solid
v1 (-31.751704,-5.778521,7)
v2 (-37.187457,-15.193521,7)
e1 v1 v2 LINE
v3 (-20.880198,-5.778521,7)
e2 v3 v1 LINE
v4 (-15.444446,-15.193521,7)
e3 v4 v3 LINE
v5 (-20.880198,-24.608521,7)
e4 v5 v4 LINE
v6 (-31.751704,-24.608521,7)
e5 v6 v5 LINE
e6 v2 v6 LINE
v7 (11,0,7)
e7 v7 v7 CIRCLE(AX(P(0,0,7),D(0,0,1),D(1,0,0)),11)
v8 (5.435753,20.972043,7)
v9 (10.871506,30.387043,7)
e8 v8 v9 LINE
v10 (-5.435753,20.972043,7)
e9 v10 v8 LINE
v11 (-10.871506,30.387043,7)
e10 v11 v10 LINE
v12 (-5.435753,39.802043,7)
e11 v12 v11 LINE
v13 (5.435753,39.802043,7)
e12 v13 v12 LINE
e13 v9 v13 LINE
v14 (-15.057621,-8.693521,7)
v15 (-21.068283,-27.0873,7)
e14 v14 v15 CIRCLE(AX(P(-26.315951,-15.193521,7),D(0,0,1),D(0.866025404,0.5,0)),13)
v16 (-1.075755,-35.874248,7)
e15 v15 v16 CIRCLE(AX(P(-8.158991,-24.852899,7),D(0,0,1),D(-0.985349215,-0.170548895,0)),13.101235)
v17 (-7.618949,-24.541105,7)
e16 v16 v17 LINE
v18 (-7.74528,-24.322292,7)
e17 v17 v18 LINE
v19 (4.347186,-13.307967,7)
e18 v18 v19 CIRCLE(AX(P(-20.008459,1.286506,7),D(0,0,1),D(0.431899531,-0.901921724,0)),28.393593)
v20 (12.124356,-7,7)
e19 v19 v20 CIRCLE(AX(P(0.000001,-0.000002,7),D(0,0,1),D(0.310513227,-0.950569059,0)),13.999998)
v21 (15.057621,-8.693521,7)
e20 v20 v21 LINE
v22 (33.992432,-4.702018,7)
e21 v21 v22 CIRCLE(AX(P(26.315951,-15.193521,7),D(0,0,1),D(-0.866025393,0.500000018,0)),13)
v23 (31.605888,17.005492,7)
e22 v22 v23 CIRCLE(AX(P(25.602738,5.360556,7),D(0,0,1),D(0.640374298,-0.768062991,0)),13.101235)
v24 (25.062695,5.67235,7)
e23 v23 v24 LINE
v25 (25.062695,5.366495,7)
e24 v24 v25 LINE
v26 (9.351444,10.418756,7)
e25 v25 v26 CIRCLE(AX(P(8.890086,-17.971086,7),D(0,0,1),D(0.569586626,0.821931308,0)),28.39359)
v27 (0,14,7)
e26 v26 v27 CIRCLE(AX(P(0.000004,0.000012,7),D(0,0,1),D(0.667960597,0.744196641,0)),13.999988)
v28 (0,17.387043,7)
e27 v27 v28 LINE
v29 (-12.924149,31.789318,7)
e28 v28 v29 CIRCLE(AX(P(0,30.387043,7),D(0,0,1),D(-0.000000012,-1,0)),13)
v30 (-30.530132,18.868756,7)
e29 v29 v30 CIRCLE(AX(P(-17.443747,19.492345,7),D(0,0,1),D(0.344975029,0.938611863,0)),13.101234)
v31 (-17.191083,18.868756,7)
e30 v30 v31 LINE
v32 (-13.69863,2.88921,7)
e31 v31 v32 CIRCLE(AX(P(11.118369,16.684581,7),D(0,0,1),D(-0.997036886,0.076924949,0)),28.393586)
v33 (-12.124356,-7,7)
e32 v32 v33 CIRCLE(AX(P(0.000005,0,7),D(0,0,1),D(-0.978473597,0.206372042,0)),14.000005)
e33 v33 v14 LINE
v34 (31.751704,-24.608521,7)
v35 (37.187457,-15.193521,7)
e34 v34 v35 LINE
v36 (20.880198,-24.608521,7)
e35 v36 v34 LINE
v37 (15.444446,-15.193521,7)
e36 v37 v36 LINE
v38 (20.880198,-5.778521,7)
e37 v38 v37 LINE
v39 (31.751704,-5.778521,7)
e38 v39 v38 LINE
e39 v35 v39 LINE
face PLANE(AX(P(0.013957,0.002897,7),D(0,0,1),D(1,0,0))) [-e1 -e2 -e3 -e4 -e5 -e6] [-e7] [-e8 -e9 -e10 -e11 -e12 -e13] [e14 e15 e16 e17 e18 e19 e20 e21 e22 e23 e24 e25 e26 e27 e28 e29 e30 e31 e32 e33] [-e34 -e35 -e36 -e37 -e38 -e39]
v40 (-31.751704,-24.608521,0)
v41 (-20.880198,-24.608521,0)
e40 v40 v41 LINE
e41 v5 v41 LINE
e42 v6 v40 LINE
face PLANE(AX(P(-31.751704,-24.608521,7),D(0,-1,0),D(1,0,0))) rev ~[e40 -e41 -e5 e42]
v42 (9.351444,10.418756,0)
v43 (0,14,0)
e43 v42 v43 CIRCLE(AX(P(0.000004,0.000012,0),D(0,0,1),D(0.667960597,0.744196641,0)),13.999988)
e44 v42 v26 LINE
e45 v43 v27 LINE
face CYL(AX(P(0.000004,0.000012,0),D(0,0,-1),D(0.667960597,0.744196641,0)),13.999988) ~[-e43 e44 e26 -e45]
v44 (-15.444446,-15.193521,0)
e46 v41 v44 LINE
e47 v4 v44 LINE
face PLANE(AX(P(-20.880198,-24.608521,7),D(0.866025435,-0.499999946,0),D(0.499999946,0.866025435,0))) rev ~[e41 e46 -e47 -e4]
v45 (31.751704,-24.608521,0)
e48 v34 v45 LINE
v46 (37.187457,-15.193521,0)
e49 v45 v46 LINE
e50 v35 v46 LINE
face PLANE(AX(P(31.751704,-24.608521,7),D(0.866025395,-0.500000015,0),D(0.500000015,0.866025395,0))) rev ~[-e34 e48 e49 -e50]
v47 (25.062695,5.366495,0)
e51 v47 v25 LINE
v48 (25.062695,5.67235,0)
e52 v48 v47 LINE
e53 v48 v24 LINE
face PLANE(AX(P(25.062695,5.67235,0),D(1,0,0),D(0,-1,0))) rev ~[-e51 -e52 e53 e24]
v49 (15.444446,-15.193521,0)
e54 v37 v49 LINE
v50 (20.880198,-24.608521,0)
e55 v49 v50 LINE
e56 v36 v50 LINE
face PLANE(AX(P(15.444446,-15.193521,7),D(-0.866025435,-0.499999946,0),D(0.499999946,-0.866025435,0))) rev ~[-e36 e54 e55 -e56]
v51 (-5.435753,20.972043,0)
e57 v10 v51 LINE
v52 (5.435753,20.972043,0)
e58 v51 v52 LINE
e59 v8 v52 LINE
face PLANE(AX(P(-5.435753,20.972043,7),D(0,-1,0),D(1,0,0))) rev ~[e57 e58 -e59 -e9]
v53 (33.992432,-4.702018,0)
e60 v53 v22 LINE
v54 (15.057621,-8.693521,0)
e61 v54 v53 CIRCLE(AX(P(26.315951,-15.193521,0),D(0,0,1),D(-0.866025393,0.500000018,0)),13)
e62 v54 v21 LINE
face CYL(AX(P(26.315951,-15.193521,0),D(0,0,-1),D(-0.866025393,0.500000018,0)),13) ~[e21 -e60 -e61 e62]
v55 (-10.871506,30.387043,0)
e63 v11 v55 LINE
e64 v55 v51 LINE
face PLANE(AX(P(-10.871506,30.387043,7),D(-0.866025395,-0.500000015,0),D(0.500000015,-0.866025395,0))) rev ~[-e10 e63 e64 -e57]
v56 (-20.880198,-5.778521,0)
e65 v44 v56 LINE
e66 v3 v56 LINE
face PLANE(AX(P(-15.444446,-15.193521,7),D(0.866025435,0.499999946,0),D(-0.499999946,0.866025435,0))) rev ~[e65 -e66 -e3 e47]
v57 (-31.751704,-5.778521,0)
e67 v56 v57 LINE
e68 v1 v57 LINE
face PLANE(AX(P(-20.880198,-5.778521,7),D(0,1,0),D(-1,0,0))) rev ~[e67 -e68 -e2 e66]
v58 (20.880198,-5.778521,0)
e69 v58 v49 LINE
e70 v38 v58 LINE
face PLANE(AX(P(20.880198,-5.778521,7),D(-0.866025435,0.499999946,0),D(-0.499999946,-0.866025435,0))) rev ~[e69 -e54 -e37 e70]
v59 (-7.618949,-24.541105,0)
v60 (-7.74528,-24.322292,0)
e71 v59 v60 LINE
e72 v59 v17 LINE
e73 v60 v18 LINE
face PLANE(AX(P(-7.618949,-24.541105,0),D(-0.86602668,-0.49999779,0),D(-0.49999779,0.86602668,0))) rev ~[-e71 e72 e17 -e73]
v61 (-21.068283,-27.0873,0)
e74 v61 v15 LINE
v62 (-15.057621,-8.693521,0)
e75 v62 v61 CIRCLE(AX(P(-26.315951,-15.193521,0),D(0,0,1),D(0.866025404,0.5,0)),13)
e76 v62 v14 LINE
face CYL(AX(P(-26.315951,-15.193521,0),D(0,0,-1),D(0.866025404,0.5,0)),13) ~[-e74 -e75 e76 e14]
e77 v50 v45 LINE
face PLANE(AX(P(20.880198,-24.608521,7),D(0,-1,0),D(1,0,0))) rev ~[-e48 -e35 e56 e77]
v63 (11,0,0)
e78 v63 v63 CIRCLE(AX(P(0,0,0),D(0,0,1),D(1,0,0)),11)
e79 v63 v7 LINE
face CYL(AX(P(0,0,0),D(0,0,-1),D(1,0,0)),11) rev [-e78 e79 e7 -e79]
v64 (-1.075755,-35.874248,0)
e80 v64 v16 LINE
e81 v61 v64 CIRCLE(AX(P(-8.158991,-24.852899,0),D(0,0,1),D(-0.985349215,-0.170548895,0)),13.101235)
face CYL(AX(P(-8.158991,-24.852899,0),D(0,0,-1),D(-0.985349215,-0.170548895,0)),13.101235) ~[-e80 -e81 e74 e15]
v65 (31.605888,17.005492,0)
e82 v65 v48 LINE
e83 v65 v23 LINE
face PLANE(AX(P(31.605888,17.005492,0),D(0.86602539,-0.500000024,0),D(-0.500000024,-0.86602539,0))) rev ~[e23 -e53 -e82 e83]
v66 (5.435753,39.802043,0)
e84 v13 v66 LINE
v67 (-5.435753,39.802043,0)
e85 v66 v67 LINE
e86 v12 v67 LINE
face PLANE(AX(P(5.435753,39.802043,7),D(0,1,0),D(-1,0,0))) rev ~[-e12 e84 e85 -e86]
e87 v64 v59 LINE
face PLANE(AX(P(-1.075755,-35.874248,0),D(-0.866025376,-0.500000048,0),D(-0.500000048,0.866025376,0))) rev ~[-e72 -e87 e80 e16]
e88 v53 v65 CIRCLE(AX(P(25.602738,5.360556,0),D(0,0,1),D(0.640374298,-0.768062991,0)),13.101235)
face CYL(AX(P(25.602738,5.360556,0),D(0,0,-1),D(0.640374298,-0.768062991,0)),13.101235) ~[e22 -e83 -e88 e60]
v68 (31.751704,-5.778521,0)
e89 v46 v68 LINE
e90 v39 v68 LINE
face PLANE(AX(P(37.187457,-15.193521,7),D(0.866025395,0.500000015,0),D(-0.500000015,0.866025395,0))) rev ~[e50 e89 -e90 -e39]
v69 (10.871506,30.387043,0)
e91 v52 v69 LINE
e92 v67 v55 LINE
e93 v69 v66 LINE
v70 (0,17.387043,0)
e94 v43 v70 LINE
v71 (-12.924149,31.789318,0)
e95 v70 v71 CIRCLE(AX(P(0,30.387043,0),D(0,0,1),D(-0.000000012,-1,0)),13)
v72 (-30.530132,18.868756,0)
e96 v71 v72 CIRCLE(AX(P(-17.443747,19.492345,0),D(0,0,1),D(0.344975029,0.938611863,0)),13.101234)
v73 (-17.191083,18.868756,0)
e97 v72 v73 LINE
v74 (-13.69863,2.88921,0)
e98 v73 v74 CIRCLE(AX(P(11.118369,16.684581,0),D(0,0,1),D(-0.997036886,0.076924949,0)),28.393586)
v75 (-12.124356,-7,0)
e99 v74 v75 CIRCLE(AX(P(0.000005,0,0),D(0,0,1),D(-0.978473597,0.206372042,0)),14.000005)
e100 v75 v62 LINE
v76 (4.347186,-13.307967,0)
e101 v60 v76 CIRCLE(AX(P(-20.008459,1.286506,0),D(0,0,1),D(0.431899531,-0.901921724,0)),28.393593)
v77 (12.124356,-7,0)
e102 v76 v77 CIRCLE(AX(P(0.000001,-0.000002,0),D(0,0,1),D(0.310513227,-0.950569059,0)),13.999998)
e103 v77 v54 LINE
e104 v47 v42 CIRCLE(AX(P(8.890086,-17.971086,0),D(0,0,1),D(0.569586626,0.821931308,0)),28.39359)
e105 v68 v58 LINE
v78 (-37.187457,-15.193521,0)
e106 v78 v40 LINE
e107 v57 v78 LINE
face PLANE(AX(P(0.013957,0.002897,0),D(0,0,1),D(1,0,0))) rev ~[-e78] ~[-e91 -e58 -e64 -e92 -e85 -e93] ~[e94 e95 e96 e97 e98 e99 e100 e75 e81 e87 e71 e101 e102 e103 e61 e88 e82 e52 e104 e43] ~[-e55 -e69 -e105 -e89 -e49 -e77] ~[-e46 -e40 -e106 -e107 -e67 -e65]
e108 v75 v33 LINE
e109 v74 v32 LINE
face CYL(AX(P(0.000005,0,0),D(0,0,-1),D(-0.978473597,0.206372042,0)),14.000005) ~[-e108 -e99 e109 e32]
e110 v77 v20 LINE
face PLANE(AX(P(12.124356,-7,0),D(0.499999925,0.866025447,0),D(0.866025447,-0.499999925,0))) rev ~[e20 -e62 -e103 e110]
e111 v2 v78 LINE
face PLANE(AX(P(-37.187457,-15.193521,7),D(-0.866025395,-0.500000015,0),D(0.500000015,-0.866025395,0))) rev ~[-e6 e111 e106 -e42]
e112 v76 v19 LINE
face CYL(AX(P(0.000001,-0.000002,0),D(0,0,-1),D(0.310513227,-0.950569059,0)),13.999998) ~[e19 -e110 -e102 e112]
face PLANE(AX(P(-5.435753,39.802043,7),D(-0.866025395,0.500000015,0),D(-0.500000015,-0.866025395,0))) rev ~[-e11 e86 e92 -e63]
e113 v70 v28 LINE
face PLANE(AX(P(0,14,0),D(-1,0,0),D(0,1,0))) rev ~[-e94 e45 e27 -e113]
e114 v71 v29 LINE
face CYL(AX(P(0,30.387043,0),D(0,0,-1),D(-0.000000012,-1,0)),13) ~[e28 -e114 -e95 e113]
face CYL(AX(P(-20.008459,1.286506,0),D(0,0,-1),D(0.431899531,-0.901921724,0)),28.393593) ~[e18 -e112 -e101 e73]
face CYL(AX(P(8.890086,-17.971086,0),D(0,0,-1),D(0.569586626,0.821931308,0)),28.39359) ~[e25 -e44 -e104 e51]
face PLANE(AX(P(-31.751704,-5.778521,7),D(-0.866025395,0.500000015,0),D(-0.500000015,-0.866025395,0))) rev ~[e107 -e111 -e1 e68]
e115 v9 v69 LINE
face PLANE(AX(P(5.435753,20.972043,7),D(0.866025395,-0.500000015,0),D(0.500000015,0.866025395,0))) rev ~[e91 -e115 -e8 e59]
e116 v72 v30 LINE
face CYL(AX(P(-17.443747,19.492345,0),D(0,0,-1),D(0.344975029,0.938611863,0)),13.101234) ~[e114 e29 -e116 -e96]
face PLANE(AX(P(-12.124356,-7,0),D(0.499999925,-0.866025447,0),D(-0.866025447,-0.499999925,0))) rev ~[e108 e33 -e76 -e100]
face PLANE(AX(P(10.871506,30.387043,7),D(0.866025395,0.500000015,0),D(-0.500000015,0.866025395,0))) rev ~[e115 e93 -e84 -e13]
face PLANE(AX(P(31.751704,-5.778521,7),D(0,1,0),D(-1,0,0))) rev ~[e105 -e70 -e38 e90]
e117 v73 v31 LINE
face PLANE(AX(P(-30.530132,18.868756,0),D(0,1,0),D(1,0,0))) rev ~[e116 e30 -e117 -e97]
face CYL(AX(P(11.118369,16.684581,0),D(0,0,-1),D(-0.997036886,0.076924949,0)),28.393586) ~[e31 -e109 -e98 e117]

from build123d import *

# Parameters (mm, degrees)
F0_R     = 11
F1_DEPTH = 7
F3_DEPTH = 25


with BuildPart() as f1:
    # F0 (on Top) → F1 (new body)
    with BuildSketch(Plane.XY):
        with BuildLine():
            ThreePointArc((-7.74528, -24.322292), (-0.888747, -19.704747), (4.347186, -13.307967))
            ThreePointArc((4.347186, -13.307967), (8.819044, -10.873108), (12.124356, -7))
            Line((12.124356, -7), (15.057621, -8.693521))
            ThreePointArc((15.057621, -8.693521), (28.99745, -27.91396), (33.992432, -4.702018))
            ThreePointArc((33.992432, -4.702018), (38.625506, 6.792291), (31.605888, 17.005492))
            Line((31.605888, 17.005492), (25.062695, 5.67235))
            Line((25.062695, 5.67235), (25.062695, 5.366495))
            ThreePointArc((25.062695, 5.366495), (17.582241, 9.059312), (9.351444, 10.418756))
            ThreePointArc((9.351444, 10.418756), (5.006866, 13.07407), (0, 14))
            Line((0, 14), (0, 17.387043))
            ThreePointArc((0, 17.387043), (9.675474, 39.069509), (-12.924149, 31.789318))
            ThreePointArc((-12.924149, 31.789318), (-25.19505, 30.054524), (-30.530132, 18.868756))
            Line((-30.530132, 18.868756), (-17.443746, 18.868756))
            Line((-17.443746, 18.868756), (-17.191083, 18.868756))
            ThreePointArc((-17.191083, 18.868756), (-16.620438, 10.62205), (-13.69863, 2.88921))
            ThreePointArc((-13.69863, 2.88921), (-13.825909, -2.200962), (-12.124356, -7))
            Line((-12.124356, -7), (-15.057621, -8.693521))
            ThreePointArc((-15.057621, -8.693521), (-38.672924, -11.155548), (-21.068283, -27.0873))
            ThreePointArc((-21.068283, -27.0873), (-13.430456, -36.846815), (-1.075755, -35.874248))
            Line((-1.075755, -35.874248), (-7.618949, -24.541105))
            Line((-7.618949, -24.541105), (-7.74528, -24.322292))
        make_face()
        Circle(F0_R, mode=Mode.SUBTRACT)
    extrude(amount=F1_DEPTH)

    # F2 (on face) → F3 (cut)
    with BuildSketch(Plane.XY.offset(7)):
        Polygon((5.435753, 39.802043), (-5.435753, 39.802043), (-10.871506, 30.387043), (-5.435753, 20.972043), (5.435753, 20.972043), (10.871506, 30.387043), align=None)
        Polygon((-37.187457, -15.193521), (-31.751704, -24.608521), (-20.880198, -24.608521), (-15.444446, -15.193521), (-20.880198, -5.778521), (-31.751704, -5.778521), align=None)
        Polygon((31.751704, -24.608521), (37.187457, -15.193521), (31.751704, -5.778521), (20.880198, -5.778521), (15.444446, -15.193521), (20.880198, -24.608521), align=None)
    extrude(amount=-F3_DEPTH, mode=Mode.SUBTRACT)


solid = f1.part
